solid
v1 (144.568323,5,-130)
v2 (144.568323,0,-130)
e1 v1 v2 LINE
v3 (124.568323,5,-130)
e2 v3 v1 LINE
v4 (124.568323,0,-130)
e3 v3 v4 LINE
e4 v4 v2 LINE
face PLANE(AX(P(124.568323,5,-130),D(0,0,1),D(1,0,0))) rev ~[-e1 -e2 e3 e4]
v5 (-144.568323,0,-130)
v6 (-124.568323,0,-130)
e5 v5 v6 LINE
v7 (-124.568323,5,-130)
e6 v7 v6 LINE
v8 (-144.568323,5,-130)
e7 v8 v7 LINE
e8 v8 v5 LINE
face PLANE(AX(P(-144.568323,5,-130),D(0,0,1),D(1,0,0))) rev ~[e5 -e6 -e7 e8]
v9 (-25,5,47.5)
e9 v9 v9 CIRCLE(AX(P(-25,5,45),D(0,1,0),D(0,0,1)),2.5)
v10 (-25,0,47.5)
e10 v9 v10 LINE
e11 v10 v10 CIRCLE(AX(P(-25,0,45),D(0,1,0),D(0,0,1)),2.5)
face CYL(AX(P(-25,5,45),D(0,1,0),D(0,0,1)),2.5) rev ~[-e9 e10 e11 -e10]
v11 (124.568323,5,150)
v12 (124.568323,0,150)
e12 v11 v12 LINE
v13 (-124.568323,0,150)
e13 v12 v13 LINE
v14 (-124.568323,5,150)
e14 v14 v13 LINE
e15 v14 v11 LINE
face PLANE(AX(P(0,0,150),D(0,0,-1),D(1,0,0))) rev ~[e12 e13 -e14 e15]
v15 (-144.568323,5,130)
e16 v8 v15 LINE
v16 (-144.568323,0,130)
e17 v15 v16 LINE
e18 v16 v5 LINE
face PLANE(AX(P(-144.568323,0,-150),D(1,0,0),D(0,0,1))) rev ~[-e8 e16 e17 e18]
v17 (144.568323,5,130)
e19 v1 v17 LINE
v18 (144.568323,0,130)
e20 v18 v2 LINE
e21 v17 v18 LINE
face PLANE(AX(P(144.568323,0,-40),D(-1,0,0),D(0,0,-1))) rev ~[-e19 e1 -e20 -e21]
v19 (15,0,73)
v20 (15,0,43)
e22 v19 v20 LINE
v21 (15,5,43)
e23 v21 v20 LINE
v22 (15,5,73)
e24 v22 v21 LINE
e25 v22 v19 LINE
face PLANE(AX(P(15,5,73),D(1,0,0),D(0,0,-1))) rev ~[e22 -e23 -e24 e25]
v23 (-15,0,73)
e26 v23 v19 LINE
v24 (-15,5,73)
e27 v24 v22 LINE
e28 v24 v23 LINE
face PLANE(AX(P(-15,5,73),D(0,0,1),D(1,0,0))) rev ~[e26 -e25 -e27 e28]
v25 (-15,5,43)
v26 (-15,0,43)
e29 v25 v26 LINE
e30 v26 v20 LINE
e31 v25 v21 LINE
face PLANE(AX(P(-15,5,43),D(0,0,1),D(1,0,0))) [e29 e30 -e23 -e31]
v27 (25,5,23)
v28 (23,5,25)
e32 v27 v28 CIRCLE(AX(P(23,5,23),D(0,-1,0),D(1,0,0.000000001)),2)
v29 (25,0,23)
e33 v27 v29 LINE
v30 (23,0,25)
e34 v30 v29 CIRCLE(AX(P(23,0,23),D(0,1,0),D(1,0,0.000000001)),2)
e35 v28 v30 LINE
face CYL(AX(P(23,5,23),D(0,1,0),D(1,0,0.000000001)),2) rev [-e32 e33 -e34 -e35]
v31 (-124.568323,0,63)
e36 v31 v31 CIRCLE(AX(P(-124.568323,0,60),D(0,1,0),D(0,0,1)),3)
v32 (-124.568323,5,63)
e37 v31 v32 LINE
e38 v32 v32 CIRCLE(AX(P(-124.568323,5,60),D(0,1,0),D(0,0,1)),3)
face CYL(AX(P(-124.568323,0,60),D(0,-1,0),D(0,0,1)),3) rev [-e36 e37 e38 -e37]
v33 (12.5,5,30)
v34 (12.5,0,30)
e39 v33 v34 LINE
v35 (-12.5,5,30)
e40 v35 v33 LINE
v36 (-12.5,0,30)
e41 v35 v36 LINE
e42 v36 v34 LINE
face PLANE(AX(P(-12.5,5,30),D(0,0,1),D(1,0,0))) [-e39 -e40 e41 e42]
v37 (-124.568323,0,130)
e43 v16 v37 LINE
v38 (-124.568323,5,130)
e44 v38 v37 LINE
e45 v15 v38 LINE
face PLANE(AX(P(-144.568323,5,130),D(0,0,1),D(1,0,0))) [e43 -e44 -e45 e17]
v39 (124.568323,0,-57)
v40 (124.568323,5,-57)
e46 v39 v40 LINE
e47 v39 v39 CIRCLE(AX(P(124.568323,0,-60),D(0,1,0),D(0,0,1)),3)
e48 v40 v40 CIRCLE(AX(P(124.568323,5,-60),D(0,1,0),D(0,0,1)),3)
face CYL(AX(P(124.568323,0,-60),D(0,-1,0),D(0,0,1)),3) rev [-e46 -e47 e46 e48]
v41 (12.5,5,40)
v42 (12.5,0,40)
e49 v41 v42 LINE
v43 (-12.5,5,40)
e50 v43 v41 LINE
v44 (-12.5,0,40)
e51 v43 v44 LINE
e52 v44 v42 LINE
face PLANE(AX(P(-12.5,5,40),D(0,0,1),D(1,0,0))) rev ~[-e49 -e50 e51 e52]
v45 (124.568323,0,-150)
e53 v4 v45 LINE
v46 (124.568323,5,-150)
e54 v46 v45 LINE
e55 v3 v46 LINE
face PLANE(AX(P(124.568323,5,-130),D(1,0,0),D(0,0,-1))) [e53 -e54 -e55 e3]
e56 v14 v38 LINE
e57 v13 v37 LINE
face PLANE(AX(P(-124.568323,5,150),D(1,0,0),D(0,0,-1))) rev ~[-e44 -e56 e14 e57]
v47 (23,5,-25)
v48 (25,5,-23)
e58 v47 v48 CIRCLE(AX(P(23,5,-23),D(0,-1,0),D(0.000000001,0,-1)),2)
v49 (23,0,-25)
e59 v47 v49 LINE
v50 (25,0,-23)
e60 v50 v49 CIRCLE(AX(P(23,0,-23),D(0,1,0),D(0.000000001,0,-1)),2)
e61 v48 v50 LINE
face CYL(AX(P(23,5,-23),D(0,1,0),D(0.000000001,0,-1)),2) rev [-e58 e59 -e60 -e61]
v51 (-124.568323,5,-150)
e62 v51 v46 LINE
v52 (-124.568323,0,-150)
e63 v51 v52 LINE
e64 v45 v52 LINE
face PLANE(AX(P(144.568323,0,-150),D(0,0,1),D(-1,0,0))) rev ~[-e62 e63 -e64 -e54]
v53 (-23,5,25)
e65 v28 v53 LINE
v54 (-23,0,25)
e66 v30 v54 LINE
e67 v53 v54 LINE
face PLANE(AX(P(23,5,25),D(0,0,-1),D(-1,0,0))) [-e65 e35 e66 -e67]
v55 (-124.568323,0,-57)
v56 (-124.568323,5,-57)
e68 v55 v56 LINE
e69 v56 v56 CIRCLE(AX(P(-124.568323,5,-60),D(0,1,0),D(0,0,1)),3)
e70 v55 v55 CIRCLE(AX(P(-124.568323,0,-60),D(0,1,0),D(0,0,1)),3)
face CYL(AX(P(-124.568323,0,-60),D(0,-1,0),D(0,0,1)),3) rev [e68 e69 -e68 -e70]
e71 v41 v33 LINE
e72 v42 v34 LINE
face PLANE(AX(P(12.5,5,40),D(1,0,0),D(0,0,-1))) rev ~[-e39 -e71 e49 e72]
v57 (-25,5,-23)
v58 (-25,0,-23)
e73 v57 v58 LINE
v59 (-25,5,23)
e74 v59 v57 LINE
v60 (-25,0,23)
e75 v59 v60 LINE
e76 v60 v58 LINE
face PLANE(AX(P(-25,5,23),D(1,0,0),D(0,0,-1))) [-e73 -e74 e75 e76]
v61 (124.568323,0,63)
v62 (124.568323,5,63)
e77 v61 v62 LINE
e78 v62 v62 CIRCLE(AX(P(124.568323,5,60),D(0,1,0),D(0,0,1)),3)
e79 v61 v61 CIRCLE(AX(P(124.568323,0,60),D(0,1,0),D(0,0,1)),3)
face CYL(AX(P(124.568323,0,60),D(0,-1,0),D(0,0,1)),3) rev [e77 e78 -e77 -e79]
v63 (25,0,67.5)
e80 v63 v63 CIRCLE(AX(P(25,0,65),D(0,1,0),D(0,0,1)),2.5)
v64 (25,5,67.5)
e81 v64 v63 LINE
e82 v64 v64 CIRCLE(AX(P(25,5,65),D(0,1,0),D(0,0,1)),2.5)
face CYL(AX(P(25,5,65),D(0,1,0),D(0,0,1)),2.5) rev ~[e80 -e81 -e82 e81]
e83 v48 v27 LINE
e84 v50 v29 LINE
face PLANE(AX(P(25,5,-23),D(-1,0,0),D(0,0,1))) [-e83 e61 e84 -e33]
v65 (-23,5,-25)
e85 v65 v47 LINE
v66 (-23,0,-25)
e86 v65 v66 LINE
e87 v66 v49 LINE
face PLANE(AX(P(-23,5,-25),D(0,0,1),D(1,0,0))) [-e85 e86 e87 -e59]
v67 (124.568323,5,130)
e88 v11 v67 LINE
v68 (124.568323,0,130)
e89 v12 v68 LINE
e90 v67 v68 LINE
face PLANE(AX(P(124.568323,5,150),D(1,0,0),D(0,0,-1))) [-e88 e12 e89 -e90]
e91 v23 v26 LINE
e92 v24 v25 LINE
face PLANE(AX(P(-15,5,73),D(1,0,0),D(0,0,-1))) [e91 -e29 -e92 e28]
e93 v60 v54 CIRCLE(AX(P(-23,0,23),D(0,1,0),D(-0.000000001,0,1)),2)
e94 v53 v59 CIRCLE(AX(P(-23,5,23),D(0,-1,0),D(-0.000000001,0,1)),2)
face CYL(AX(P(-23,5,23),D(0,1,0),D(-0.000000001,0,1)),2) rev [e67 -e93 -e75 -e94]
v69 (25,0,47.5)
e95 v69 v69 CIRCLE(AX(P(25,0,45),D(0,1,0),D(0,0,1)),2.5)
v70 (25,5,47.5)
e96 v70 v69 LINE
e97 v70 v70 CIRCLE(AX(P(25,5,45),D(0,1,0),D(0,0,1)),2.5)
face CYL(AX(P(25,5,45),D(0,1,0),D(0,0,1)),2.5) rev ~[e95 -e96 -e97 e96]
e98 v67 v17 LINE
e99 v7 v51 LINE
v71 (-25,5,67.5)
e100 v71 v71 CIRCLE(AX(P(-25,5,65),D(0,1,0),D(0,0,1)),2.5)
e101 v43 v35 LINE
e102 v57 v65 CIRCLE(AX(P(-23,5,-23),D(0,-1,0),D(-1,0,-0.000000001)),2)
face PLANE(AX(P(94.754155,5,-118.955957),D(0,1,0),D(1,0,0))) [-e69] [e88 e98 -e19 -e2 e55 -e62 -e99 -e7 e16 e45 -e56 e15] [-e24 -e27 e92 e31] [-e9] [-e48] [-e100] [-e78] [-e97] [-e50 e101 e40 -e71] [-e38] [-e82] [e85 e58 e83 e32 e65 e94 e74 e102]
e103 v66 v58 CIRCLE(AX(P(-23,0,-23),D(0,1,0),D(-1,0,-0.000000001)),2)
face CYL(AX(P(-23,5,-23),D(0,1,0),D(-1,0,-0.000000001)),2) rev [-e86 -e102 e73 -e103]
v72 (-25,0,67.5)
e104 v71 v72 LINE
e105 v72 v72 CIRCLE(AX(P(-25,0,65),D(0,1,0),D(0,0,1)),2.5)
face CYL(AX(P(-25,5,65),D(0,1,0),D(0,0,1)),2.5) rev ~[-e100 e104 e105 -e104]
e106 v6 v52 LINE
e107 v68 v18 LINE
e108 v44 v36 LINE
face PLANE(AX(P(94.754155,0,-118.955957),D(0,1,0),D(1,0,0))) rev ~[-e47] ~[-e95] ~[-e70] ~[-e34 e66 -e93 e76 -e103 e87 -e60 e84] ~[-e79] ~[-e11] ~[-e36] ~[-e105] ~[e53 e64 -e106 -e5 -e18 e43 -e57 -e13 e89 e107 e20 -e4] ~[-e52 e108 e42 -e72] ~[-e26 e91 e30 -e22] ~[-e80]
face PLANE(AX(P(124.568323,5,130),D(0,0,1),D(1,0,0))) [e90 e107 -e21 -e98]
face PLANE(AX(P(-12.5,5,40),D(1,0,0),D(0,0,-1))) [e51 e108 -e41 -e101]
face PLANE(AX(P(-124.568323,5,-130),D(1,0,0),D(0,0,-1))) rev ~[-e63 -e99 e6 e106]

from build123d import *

# Parameters (mm, degrees)
ESQUISSE1_W             = 40
ESQUISSE1_H             = 80
ESQUISSE1_R             = 3
BOSS_EXTRU_1_DEPTH      = 5
ESQUISSE2_R             = 2.5
ESQUISSE2_W             = 30
ESQUISSE2_H             = 30
ESQUISSE2_W_2           = 25
ESQUISSE2_H_2           = 10
ENL_V_MAT_EXTRU_1_DEPTH = 209.386659842
ESQUISSE4_W             = 20
ESQUISSE4_H             = 20
ENL_V_MAT_EXTRU_2_DEPTH = 10


with BuildPart() as part:
    # Esquisse1 → Boss.-Extru.1 (new body)
    # profile 1 of 7: a face of its own
    with BuildSketch(Plane(origin=(0, 0, 0), x_dir=(1, 0, 0), z_dir=(0, 1, 0))):
        with BuildLine():
            ThreePointArc((4.38e-07, -150), (-90.829510449, -119.373363996), (-144.568322948, -40))
            Line((-144.568322948, -40), (-144.568322948, -150))
            Line((-144.568322948, -150), (4.38e-07, -150))
        make_face()
    # profile 2 of 7: a face of its own
    with BuildSketch(Plane(origin=(0, 0, 0), x_dir=(1, 0, 0), z_dir=(0, 1, 0))):
        with BuildLine():
            ThreePointArc((144.568322948, -40), (90.829510797, -119.373363731), (4.38e-07, -150))
            Line((4.38e-07, -150), (144.568322948, -150))
            Line((144.568322948, -150), (144.568322948, -40))
        make_face()
    # profile 3 of 7: a face of its own
    with BuildSketch(Plane(origin=(0, 0, 0), x_dir=(1, 0, 0), z_dir=(0, 1, 0))):
        with Locations((124.568322948, 0)):
            Rectangle(ESQUISSE1_W, ESQUISSE1_H)
    # profile 4 of 7: a face of its own
    with BuildSketch(Plane(origin=(0, 0, 0), x_dir=(1, 0, 0), z_dir=(0, 1, 0))):
        with BuildLine():
            ThreePointArc((2.28e-07, 150), (-90.829510532, 119.373363932), (-144.568322948, 40))
            Line((-144.568322948, 40), (-104.568322948, 40))
            Line((-104.568322948, 40), (-104.568322948, -40))
            Line((-104.568322948, -40), (-144.568322948, -40))
            ThreePointArc((-144.568322948, -40), (-90.829510449, -119.373363996), (4.38e-07, -150))
            ThreePointArc((4.38e-07, -150), (90.829510797, -119.373363731), (144.568322948, -40))
            Line((144.568322948, -40), (104.568322948, -40))
            Line((104.568322948, -40), (104.568322948, 40))
            Line((104.568322948, 40), (144.568322948, 40))
            ThreePointArc((144.568322948, 40), (90.829510714, 119.373363794), (2.28e-07, 150))
        make_face()
        with Locations(Location((-124.568322948, -60, 0), (0, 0, 270))):
            Circle(ESQUISSE1_R, mode=Mode.SUBTRACT)
        with Locations(Location((124.568322948, -60, 0), (0, 0, 270))):
            Circle(ESQUISSE1_R, mode=Mode.SUBTRACT)
        with Locations(Location((-124.568322948, 60, 0), (0, 0, 270))):
            Circle(ESQUISSE1_R, mode=Mode.SUBTRACT)
        with Locations(Location((124.568322948, 60, 0), (0, 0, 270))):
            Circle(ESQUISSE1_R, mode=Mode.SUBTRACT)
    # profile 5 of 7: a face of its own
    with BuildSketch(Plane(origin=(0, 0, 0), x_dir=(1, 0, 0), z_dir=(0, 1, 0))):
        with Locations((-124.568322948, 0)):
            Rectangle(ESQUISSE1_W, ESQUISSE1_H)
    # profile 6 of 7: a face of its own
    with BuildSketch(Plane(origin=(0, 0, 0), x_dir=(1, 0, 0), z_dir=(0, 1, 0))):
        with BuildLine():
            Line((-144.568322948, 150), (-144.568322948, 40))
            ThreePointArc((-144.568322948, 40), (-90.829510532, 119.373363932), (2.28e-07, 150))
            Line((2.28e-07, 150), (-144.568322948, 150))
        make_face()
    # profile 7 of 7: a face of its own
    with BuildSketch(Plane(origin=(0, 0, 0), x_dir=(1, 0, 0), z_dir=(0, 1, 0))):
        with BuildLine():
            Line((144.568322948, 150), (2.28e-07, 150))
            ThreePointArc((2.28e-07, 150), (90.829510714, 119.373363794), (144.568322948, 40))
            Line((144.568322948, 40), (144.568322948, 150))
        make_face()
    extrude(amount=BOSS_EXTRU_1_DEPTH)

    # Esquisse2 → Enlèv. mat.-Extru.1 (cut, through all)
    with BuildSketch(Plane(origin=(0, 5, 0), x_dir=(1, 0, 0), z_dir=(0, 1, 0))):
        with Locations(Location((25, -45, 0), (0, 0, 270))):
            Circle(ESQUISSE2_R)
        with Locations(Location((25, -65, 0), (0, 0, 270))):
            Circle(ESQUISSE2_R)
        with Locations(Location((-25, -45, 0), (0, 0, 270))):
            Circle(ESQUISSE2_R)
        with Locations(Location((-25, -65, 0), (0, 0, 270))):
            Circle(ESQUISSE2_R)
        with BuildLine():
            Line((23, -25), (-23, -25))
            ThreePointArc((-23, -25), (-24.414213562, -24.414213562), (-25, -23))
            Line((-25, -23), (-25, 23))
            ThreePointArc((-25, 23), (-24.414213562, 24.414213562), (-23, 25))
            Line((-23, 25), (23, 25))
            ThreePointArc((23, 25), (24.414213562, 24.414213562), (25, 23))
            Line((25, 23), (25, -23))
            ThreePointArc((25, -23), (24.414213562, -24.414213562), (23, -25))
        make_face()
        with Locations((0, -58)):
            Rectangle(ESQUISSE2_W, ESQUISSE2_H)
        with Locations((0, -35)):
            Rectangle(ESQUISSE2_W_2, ESQUISSE2_H_2)
    extrude(amount=-ENL_V_MAT_EXTRU_1_DEPTH, mode=Mode.SUBTRACT)

    # Esquisse4 → Enlèv. mat.-Extru.2 (cut)
    with BuildSketch(Plane(origin=(0, 5, 0), x_dir=(1, 0, 0), z_dir=(0, 1, 0))):
        with Locations((-134.568322948, 140)):
            Rectangle(ESQUISSE4_W, ESQUISSE4_H)
        with Locations((134.568322948, 140)):
            Rectangle(ESQUISSE4_W, ESQUISSE4_H)
        with Locations((134.568322948, -140)):
            Rectangle(ESQUISSE4_W, ESQUISSE4_H)
        with Locations((-134.568322948, -140)):
            Rectangle(ESQUISSE4_W, ESQUISSE4_H)
    extrude(amount=-ENL_V_MAT_EXTRU_2_DEPTH, mode=Mode.SUBTRACT)


solid = part.part
